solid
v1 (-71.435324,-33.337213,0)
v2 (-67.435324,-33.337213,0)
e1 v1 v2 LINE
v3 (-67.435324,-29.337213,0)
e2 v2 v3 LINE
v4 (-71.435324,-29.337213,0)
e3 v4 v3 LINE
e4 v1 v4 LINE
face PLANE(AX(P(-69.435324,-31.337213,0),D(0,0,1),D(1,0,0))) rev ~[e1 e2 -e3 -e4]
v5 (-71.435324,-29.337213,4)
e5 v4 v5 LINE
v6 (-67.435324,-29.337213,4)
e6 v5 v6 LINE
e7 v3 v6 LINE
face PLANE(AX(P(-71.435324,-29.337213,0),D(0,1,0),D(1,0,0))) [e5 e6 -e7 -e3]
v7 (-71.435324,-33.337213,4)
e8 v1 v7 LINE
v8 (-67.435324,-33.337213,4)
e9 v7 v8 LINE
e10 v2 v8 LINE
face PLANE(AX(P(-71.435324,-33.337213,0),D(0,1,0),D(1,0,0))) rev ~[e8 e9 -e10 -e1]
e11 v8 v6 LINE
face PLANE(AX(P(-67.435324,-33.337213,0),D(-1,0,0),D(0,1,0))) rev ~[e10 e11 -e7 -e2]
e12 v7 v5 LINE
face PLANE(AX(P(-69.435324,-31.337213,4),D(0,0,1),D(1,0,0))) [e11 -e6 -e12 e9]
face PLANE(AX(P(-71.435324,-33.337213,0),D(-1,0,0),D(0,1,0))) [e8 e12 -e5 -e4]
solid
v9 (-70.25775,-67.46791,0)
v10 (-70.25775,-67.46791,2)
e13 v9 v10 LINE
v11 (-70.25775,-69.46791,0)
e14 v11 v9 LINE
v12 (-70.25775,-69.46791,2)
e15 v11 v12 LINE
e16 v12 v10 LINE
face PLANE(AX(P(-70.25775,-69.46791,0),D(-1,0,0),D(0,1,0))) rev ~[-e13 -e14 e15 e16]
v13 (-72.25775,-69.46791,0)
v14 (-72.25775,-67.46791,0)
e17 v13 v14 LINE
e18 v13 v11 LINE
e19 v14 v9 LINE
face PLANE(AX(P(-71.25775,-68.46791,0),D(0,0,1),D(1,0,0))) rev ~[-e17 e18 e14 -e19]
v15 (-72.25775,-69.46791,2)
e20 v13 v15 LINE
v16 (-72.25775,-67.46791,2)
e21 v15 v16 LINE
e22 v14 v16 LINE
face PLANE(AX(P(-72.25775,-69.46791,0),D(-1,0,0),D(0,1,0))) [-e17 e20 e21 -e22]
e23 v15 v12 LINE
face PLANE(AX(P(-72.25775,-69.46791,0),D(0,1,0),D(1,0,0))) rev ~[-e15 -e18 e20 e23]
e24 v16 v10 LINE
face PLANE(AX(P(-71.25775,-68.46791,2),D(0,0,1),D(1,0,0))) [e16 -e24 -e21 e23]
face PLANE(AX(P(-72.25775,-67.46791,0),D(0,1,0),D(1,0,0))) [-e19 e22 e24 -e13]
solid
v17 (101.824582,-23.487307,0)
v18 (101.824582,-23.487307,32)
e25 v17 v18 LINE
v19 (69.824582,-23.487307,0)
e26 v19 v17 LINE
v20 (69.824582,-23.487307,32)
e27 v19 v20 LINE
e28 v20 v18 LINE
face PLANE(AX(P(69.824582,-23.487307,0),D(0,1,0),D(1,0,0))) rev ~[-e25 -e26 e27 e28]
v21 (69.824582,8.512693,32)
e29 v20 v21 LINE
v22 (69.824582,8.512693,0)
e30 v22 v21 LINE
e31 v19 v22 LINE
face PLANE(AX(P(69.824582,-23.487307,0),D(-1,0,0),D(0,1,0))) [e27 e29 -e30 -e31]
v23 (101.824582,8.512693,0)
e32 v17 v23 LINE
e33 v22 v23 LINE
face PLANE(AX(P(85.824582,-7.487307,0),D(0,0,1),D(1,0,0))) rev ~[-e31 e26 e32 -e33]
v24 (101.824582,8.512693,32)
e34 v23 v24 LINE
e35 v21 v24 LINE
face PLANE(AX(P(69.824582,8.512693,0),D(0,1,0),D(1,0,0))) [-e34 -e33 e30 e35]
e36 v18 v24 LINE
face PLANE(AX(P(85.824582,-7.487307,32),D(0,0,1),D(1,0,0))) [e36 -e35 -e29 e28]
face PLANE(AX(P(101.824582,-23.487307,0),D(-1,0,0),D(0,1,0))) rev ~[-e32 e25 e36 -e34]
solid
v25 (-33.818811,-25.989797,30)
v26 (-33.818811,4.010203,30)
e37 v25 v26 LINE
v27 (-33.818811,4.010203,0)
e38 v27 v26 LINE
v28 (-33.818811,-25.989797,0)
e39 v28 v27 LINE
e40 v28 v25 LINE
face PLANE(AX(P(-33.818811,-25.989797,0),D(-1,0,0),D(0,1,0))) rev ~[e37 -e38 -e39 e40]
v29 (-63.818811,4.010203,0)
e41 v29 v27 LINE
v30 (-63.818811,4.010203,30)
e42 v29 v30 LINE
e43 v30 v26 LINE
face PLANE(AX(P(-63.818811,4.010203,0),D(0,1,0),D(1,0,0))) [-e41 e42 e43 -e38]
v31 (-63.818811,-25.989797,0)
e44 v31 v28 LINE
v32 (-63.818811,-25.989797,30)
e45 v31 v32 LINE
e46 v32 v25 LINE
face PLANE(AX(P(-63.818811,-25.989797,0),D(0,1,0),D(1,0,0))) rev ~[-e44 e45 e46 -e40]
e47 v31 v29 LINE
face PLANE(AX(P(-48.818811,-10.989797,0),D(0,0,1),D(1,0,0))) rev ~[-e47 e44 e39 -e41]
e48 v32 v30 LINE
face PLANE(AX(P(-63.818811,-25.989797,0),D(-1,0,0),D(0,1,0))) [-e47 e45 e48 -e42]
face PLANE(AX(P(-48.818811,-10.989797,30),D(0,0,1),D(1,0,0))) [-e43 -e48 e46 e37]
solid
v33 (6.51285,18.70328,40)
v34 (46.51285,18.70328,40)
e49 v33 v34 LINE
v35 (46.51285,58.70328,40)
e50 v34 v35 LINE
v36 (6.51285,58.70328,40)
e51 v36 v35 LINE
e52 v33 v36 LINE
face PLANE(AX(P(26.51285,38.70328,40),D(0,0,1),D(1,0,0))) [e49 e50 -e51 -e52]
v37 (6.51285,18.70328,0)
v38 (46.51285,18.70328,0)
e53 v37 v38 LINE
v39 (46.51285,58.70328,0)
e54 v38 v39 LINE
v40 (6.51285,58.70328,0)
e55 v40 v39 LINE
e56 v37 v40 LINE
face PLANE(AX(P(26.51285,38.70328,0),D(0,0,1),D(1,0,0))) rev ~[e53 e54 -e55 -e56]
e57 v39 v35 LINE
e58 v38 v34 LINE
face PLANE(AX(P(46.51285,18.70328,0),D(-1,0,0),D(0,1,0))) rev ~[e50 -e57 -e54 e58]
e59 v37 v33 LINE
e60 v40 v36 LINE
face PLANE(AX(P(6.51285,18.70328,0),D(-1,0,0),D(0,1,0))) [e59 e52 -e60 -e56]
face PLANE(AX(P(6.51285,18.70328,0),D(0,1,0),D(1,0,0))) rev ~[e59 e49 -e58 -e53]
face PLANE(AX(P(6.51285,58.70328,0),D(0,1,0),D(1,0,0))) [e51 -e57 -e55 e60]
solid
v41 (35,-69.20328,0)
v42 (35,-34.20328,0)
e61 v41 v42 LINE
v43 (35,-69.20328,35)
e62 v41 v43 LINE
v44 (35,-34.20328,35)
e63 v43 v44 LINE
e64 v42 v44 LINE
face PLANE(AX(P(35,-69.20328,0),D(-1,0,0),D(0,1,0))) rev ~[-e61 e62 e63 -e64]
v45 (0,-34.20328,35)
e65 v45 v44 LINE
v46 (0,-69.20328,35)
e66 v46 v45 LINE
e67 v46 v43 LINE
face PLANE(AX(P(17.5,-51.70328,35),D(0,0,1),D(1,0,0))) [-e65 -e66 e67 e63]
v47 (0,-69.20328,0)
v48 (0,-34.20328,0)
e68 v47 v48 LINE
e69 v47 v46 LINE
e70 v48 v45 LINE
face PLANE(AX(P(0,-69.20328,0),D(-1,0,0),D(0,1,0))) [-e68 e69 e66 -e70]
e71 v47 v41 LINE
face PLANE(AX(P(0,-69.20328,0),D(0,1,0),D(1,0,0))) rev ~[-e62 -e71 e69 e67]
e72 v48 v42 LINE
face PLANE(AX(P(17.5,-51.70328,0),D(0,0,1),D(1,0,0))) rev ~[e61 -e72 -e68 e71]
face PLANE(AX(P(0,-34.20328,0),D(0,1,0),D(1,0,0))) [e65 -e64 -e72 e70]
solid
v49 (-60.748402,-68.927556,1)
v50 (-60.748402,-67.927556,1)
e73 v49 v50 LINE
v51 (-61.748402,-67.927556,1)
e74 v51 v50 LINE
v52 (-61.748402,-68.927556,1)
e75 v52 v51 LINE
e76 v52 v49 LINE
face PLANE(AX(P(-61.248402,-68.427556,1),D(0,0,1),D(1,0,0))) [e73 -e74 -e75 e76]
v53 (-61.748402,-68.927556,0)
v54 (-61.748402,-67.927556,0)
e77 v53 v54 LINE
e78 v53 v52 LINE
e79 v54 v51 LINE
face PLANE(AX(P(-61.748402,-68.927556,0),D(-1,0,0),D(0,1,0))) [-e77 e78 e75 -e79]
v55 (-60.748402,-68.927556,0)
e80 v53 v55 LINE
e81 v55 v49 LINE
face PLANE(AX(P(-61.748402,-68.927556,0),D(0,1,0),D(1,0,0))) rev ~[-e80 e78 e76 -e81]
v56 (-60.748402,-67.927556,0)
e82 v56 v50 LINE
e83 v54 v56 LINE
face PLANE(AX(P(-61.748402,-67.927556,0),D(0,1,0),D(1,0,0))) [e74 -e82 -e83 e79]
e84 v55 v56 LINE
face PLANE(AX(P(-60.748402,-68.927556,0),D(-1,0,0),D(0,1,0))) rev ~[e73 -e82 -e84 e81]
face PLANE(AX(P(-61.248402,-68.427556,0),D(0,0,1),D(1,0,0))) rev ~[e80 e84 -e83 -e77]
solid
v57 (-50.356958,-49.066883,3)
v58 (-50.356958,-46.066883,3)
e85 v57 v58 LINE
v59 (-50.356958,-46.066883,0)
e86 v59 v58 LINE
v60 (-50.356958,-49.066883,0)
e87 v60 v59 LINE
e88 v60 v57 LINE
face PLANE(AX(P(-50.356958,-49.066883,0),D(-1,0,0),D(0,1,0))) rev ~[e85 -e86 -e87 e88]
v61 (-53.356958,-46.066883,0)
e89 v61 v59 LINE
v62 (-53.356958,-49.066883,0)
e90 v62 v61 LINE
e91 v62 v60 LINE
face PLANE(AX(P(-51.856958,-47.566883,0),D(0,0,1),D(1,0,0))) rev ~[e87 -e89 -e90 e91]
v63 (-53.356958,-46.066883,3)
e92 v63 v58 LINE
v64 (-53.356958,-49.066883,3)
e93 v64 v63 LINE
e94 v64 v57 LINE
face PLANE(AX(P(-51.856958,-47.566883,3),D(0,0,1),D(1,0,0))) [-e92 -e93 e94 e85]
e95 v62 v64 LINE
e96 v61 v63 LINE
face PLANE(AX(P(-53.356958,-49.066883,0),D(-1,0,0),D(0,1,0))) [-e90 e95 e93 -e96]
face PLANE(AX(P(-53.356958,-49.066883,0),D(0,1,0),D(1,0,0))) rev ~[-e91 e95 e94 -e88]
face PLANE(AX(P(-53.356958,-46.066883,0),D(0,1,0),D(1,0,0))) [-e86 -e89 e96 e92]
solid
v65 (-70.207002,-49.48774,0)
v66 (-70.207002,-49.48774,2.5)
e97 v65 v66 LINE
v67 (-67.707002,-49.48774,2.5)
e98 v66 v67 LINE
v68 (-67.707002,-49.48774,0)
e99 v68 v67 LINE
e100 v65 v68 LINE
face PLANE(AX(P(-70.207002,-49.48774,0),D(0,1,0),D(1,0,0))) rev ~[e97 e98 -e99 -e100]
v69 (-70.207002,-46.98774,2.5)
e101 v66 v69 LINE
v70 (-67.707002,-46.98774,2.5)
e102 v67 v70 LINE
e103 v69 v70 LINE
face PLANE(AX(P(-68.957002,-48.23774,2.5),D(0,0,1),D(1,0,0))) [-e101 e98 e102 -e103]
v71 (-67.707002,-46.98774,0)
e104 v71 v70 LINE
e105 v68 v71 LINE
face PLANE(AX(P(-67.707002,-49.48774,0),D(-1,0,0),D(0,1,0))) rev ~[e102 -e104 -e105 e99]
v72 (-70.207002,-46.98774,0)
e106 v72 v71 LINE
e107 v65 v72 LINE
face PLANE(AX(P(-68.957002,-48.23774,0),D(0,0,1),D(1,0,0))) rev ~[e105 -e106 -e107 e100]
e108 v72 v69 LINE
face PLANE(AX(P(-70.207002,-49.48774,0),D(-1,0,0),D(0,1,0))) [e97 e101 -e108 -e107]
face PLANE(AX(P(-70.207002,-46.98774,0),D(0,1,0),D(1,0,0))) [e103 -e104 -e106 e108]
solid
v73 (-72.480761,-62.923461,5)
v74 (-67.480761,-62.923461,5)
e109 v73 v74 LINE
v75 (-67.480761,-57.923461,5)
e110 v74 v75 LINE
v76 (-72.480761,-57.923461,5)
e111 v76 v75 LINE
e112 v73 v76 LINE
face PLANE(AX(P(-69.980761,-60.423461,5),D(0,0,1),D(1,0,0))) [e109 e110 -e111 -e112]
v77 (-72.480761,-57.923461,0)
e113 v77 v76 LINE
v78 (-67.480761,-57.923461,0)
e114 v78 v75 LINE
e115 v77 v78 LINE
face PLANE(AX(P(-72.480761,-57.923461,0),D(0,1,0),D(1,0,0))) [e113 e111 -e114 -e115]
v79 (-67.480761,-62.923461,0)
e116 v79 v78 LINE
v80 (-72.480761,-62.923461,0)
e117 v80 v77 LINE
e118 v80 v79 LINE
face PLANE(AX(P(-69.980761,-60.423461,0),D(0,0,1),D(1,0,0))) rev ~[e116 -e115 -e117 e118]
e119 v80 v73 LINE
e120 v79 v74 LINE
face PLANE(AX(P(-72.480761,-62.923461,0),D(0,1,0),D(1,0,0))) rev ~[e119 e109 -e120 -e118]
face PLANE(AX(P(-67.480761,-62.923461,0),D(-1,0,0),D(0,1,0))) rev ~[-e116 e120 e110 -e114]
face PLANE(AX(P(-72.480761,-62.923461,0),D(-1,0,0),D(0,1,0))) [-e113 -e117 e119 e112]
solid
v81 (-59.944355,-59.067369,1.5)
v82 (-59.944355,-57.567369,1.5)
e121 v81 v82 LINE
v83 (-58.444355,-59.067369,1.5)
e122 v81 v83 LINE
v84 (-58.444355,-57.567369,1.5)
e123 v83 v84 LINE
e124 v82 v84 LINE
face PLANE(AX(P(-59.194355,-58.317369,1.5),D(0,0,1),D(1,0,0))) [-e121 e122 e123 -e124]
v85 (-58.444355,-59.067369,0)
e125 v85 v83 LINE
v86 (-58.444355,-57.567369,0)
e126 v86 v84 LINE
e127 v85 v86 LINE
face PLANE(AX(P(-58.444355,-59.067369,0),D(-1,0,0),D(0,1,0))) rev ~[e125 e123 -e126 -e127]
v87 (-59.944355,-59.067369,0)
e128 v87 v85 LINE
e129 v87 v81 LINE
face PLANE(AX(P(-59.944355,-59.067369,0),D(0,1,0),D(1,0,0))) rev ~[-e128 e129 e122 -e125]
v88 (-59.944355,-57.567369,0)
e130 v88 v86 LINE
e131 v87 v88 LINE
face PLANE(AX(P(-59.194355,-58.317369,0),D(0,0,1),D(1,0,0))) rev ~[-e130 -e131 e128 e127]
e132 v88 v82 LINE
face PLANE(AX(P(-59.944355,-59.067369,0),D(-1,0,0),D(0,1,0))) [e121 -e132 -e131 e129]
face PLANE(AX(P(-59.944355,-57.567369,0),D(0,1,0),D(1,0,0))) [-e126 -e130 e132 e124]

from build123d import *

# Parameters (mm, degrees)
F0_W      = 2
F0_H      = 2
F2_DEPTH  = 2
F1_W      = 5
F1_H      = 5
F3_DEPTH  = 5
F6_W      = 2.5
F6_H      = 2.5
F9_DEPTH  = 2.5
F8_W      = 4
F8_H      = 4
F10_DEPTH = 4
F7_W      = 3
F7_H      = 3
F11_DEPTH = 3
F5_W      = 1.5
F5_H      = 1.5
F12_DEPTH = 1.5
F4_W      = 1
F4_H      = 1
F13_DEPTH = 1
F14_W     = 30
F14_H     = 30
F15_DEPTH = 30
F16_W     = 40
F16_H     = 40
F17_DEPTH = 40
F18_W     = 35
F18_H     = 35
F19_DEPTH = 35
F20_W     = 32
F20_H     = 32
F21_DEPTH = 32


with BuildPart() as f2:
    # F0 (on Top) → F2 (new body)
    with BuildSketch(Plane.XY):
        with Locations((-71.25775, -68.46791)):
            Rectangle(F0_W, F0_H)
    extrude(amount=F2_DEPTH)


with BuildPart() as f3:
    # F1 (on Top) → F3 (new body)
    with BuildSketch(Plane.XY):
        with Locations((-69.980761, -60.423461)):
            Rectangle(F1_W, F1_H)
    extrude(amount=F3_DEPTH)


with BuildPart() as f9:
    # F6 (on Top) → F9 (new body)
    with BuildSketch(Plane.XY):
        with Locations((-68.957002, -48.23774)):
            Rectangle(F6_W, F6_H)
    extrude(amount=F9_DEPTH)


with BuildPart() as f10:
    # F8 (on Top) → F10 (new body)
    with BuildSketch(Plane.XY):
        with Locations((-69.435324, -31.337213)):
            Rectangle(F8_W, F8_H)
    extrude(amount=F10_DEPTH)


with BuildPart() as f11:
    # F7 (on Top) → F11 (new body)
    with BuildSketch(Plane.XY):
        with Locations((-51.856958, -47.566883)):
            Rectangle(F7_W, F7_H)
    extrude(amount=F11_DEPTH)


with BuildPart() as f12:
    # F5 (on Top) → F12 (new body)
    with BuildSketch(Plane.XY):
        with Locations((-59.194355, -58.317369)):
            Rectangle(F5_W, F5_H)
    extrude(amount=F12_DEPTH)


with BuildPart() as f13:
    # F4 (on Top) → F13 (new body)
    with BuildSketch(Plane.XY):
        with Locations((-61.248402, -68.427556)):
            Rectangle(F4_W, F4_H)
    extrude(amount=F13_DEPTH)


with BuildPart() as f15:
    # F14 (on Top) → F15 (new body)
    with BuildSketch(Plane.XY):
        with Locations((-48.818811, -10.989797)):
            Rectangle(F14_W, F14_H)
    extrude(amount=F15_DEPTH)


with BuildPart() as f17:
    # F16 (on Top) → F17 (new body)
    with BuildSketch(Plane.XY):
        with Locations((26.51285, 38.70328)):
            Rectangle(F16_W, F16_H)
    extrude(amount=F17_DEPTH)


with BuildPart() as f19:
    # F18 (on Top) → F19 (new body)
    with BuildSketch(Plane.XY):
        with Locations((17.5, -51.70328)):
            Rectangle(F18_W, F18_H)
    extrude(amount=F19_DEPTH)


with BuildPart() as f21:
    # F20 (on Top) → F21 (new body)
    with BuildSketch(Plane.XY):
        with Locations((85.824582, -7.487307)):
            Rectangle(F20_W, F20_H)
    extrude(amount=F21_DEPTH)


solid = Compound([f2.part, f3.part, f9.part, f10.part, f11.part, f12.part, f13.part, f15.part, f17.part, f19.part, f21.part])
